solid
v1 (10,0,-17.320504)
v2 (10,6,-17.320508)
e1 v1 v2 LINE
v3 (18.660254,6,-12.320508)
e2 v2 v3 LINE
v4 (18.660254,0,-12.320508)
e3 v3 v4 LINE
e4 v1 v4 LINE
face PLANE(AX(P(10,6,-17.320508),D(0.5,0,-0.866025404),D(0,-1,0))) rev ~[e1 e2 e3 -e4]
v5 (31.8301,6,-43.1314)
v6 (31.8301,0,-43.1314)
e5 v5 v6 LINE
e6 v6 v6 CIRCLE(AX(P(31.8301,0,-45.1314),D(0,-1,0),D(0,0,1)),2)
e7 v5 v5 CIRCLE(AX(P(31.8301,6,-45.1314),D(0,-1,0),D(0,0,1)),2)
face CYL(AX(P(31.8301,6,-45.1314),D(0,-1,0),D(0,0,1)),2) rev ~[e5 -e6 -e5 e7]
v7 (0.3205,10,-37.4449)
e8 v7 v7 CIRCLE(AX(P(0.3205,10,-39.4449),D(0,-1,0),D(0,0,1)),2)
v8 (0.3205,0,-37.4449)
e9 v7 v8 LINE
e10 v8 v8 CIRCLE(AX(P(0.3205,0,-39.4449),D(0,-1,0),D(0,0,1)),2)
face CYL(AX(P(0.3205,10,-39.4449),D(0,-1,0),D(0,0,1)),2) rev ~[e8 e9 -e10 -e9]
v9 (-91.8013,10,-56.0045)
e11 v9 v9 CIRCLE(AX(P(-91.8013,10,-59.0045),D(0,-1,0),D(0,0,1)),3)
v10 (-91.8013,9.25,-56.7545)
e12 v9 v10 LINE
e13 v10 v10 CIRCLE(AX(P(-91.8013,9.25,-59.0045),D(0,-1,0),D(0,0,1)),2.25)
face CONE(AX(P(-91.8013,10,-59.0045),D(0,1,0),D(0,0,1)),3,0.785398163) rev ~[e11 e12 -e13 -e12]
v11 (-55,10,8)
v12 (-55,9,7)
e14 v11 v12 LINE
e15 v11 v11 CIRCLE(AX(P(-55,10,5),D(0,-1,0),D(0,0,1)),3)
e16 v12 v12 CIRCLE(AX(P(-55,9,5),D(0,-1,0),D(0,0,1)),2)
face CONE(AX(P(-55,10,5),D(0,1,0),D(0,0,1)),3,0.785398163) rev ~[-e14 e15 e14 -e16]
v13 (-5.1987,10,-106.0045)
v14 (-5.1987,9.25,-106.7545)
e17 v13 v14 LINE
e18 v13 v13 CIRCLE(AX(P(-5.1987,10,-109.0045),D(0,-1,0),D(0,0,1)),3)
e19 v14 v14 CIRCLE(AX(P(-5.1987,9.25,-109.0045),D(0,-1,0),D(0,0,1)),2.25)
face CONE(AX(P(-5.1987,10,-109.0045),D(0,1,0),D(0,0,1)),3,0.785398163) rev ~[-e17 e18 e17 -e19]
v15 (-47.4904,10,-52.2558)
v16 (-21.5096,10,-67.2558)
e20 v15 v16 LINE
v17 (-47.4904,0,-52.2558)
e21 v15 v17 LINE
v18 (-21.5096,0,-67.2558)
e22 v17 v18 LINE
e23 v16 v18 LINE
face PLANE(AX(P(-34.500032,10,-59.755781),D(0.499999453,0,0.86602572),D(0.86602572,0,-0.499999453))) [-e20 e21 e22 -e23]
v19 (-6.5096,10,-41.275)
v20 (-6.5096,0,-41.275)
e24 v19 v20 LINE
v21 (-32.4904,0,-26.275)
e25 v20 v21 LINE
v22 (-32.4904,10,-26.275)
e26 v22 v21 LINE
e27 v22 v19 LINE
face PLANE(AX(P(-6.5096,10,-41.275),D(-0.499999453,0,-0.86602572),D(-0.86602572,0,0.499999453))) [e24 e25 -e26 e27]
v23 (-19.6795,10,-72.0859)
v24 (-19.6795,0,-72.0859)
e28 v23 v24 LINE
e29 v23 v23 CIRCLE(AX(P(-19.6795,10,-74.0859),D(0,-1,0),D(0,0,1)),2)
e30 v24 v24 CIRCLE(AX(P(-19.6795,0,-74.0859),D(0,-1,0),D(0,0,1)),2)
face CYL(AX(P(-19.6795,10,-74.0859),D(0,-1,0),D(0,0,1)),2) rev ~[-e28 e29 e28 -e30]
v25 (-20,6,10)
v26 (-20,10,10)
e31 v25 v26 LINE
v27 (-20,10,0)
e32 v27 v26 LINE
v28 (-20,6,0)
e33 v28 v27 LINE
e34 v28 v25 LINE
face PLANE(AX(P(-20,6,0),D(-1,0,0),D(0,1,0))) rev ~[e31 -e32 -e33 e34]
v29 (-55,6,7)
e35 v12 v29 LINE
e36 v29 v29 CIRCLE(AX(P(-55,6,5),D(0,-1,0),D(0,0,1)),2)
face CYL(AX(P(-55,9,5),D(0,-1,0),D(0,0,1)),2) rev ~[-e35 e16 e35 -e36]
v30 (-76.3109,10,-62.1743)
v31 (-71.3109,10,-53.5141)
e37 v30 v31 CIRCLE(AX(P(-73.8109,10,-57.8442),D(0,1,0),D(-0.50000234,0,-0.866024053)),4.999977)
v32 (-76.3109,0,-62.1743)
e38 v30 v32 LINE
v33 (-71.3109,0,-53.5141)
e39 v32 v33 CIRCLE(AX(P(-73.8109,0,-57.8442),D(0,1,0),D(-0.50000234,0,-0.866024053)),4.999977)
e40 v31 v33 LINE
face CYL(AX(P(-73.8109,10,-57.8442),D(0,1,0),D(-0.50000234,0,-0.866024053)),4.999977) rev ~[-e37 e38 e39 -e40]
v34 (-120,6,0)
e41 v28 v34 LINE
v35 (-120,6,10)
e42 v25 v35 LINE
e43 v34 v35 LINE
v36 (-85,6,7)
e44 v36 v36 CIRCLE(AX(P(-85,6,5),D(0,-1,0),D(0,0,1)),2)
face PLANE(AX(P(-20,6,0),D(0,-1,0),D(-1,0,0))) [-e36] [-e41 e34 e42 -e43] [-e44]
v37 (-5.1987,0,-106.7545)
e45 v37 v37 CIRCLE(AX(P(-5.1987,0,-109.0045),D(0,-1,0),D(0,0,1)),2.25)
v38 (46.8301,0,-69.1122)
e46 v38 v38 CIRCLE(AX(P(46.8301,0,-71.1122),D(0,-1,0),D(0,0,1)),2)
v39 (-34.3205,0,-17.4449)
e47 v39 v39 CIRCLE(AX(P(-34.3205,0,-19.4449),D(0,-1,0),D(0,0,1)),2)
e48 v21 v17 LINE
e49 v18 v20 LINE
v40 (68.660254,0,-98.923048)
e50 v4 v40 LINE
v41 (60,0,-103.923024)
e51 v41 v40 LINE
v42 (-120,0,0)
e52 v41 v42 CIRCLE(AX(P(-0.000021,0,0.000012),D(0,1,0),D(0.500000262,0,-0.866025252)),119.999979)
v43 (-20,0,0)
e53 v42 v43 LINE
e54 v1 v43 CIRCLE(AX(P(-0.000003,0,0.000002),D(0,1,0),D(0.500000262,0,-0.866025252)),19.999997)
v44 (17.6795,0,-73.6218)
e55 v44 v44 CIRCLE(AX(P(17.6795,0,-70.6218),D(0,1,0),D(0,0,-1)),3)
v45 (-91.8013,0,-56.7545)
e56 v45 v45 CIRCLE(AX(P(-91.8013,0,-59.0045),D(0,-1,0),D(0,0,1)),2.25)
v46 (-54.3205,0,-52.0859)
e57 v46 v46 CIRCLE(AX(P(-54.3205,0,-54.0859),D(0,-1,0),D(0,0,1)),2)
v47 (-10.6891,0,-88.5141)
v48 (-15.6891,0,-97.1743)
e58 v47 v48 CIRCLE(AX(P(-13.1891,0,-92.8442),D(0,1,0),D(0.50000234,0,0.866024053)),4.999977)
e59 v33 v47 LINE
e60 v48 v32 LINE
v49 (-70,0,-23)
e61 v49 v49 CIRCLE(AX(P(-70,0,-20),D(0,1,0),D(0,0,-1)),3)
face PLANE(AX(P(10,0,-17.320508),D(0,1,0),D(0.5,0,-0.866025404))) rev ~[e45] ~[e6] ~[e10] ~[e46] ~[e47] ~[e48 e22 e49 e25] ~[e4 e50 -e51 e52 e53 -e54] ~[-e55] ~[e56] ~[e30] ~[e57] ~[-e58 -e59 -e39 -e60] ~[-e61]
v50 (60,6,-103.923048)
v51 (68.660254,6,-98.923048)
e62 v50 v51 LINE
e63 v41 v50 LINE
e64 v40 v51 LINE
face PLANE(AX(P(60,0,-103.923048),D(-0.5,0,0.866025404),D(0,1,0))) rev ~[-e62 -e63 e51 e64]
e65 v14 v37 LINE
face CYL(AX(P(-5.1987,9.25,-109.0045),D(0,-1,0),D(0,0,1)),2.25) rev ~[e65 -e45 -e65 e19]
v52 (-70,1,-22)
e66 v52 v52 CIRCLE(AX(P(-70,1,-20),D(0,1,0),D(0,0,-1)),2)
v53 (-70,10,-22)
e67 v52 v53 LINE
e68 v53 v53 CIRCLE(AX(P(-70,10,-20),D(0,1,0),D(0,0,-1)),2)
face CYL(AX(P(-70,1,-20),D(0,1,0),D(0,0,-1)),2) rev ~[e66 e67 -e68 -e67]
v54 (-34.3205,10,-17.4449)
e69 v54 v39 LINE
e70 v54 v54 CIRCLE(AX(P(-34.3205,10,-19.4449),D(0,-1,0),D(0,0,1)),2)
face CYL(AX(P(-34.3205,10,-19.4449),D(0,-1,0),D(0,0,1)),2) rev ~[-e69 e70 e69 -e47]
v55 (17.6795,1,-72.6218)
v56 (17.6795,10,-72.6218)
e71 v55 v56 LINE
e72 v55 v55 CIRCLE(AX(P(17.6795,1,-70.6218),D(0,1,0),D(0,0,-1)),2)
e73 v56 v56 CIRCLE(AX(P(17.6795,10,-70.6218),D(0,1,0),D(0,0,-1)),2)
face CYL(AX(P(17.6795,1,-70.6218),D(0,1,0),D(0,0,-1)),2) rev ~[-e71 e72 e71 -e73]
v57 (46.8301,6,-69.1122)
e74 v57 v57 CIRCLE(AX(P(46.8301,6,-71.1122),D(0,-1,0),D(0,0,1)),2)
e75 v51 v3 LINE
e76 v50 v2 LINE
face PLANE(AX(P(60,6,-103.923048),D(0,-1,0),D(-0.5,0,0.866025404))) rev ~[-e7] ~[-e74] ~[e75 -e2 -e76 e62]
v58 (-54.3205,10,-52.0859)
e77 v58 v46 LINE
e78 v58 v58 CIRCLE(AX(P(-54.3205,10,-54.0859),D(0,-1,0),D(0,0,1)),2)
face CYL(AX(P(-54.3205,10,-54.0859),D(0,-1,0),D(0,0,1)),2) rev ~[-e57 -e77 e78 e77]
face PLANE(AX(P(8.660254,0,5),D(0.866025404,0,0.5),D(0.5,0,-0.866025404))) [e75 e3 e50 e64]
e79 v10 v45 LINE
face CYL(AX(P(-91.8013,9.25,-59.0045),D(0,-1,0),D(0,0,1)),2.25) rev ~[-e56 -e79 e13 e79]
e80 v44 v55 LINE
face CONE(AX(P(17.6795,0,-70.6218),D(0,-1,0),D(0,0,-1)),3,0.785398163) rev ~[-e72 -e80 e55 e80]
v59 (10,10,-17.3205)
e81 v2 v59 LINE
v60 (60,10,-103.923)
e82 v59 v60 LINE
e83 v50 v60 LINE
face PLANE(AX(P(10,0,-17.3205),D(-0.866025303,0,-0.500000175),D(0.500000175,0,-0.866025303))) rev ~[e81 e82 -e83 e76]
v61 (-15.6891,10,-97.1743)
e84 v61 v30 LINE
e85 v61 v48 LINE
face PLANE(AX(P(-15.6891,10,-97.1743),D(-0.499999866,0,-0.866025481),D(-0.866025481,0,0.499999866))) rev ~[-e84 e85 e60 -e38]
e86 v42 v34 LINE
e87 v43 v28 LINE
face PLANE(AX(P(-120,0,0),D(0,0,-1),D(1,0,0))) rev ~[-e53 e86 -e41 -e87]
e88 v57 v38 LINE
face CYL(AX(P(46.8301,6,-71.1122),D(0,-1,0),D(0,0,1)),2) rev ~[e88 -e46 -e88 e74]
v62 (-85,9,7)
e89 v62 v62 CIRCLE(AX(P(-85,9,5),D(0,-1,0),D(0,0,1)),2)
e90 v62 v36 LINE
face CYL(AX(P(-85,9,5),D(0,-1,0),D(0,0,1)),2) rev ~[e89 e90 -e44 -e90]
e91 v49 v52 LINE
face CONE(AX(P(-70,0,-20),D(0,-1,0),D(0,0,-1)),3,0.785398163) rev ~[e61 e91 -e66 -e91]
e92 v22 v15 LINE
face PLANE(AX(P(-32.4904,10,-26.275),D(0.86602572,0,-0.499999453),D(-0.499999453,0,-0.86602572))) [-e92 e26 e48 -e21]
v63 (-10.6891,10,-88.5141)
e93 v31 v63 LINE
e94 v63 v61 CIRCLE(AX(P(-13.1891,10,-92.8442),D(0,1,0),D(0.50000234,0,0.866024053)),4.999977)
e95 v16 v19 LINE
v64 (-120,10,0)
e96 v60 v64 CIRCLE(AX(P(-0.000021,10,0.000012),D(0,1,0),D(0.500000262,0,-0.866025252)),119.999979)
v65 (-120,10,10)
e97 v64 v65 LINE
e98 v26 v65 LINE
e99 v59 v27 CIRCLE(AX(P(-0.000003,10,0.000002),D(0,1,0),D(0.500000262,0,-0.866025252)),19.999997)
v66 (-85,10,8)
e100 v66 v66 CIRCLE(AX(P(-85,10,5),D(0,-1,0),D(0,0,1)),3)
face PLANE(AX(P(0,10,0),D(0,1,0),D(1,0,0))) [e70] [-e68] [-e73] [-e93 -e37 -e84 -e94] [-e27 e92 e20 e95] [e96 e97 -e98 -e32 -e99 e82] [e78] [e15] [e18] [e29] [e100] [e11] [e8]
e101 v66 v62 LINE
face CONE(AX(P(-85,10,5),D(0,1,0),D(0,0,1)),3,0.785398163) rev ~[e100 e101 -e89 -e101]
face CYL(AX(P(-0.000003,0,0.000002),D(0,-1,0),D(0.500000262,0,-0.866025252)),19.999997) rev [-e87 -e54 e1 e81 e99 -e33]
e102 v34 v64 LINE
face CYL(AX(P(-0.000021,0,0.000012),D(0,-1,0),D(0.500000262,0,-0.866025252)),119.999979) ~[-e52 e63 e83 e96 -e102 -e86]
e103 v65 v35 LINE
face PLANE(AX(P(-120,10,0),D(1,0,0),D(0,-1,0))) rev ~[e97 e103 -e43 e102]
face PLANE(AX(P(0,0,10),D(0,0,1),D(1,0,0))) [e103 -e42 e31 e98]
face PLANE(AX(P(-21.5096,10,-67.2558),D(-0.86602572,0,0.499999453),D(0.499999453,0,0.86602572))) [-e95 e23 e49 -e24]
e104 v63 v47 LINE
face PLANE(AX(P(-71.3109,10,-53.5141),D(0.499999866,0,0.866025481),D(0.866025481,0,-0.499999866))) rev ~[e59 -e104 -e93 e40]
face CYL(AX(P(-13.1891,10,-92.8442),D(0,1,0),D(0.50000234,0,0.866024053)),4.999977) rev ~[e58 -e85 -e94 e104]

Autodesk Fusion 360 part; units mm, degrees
sketch "Sketch1" plane through (0, 0, 0) normal (0, 1, 0) x (1, 0, 0)
  line L0 (-120, 0) -> (-20, 0)
  line L1 (10, 17.3205) -> (60, 103.923)
  arc A0 (60, 103.923) -> (-120, 0) centre (0, 0) ccw
  arc A1 (10, 17.3205) -> (-20, 0) centre (0, 0) ccw
  dimension "d57" = 240
  dimension "d58" = 120
  dimension "d59" = 40
extrude "Extrude3" add sketch "Sketch1" along normal blind 10
sketch "Sketch9" plane through (0, 0, 0) normal (0, 0, 1) x (1, 0, 0)
  line L0 (-120, 0) -> (-20, 0)
  line L1 (-20, 0) -> (-20, 10)
  line L2 (-20, 10) -> (-120, 10)
  line L3 (-120, 10) -> (-120, 0)
  line L4 (-120, 10) -> (-10, 10)
  line L5 (-10, 10) -> (-10, 6)
  line L6 (-10, 6) -> (-120, 6)
  line L7 (-120, 6) -> (-120, 10)
  dimension "d60" = 4
extrude "Extrude8" add sketch "Sketch9" along normal blind 10 contours L1 L2 L3 L4 L6 L7
sketch "Sketch12" plane through (0, 0, 0) normal (0.866, 0, 0.5) x (0.5, 0, -0.866)
  line L0 (20, 0) -> (120, 0)
  line L1 (120, 0) -> (120, 10)
  line L2 (120, 10) -> (20, 10)
  line L3 (20, 10) -> (20, 0)
  line L4 (20, 0) -> (130, 0)
  line L5 (130, 0) -> (130, 6)
  line L6 (130, 6) -> (20, 6)
  line L7 (20, 6) -> (20, 0)
  dimension "d63" = 6
extrude "Extrude9" add sketch "Sketch12" along normal blind 10 contours L0 L1 L3 L4 L6 L7
sketch "Sketch13" plane through (0, 10, 0) normal (0, 1, 0) x (-1, 0, 0)
  arc A0 (-60, -103.923) -> (120, 0) centre (0, 0) ccw
  arc A1 (-10, -17.3205) -> (20, 0) centre (0, 0) ccw
  line L0 (-10, -17.3205) -> (-60, -103.923)
  line L1 (120, 0) -> (120, 10)
  line L2 (120, 10) -> (20, 10)
  line L3 (20, 10) -> (20, 0)
  point P0 (85, 5)
  point P1 (55, 5)
  dimension "d178" = 30
  dimension "d179" = 35
hole "Hole1" at (-85, 10, 5) at (-55, 10, 5) direction (0, -1, 0) diameter 4 depth 4 tip angle 118 countersink diameter 6 countersink angle 90
sketch "Sketch14" plane through (0, 6, 0) normal (0, 1, 0) x (-1, 0, 0)
  line L0 (-60, -103.923) -> (-10, -17.3205)
  line L1 (-10, -17.3205) -> (-18.6603, -12.3205)
  line L2 (-18.6603, -12.3205) -> (-68.6603, -98.923)
  line L3 (-68.6603, -98.923) -> (-60, -103.923)
  line L4 (-14.3301, -14.8205) -> (-64.3301, -101.423) construction
  point P0 (-31.8301, -45.1314)
  point P1 (-46.8301, -71.1122)
  dimension "d75" = 35
  dimension "d76" = 35
hole "Hole2" at (31.8301, 6, -45.1314) at (46.8301, 6, -71.1122) direction (0, -1, 0) diameter 4 depth 15 tip angle 118
sketch "Sketch15" plane through (0, 10, 0) normal (0, 1, 0) x (-1, 0, 0)
  arc A0 (-60, -103.923) -> (120, 0) centre (0, 0) ccw
  arc A1 (-10, -17.3205) -> (20, 0) centre (0, 0) ccw
  line L0 (-10, -17.3205) -> (-60, -103.923)
  line L1 (0, 0) -> (60, -103.923) construction
  line L2 (20, 0) -> (120, 0)
  line L3 (56.6506, -48.1218) -> (13.3494, -73.1218) construction
  line L4 (57.1962, -87.0666) -> (46.8038, -93.0666) construction
  circle A2 centre (85, 5) radius 3
  circle A3 centre (55, 5) radius 3
  line L5 (120, 0) -> (120, 10)
  line L6 (120, 10) -> (20, 10)
  line L7 (20, 10) -> (20, 0)
  dimension "d80" = 60
  dimension "d81" = 50
  dimension "d82" = 25
  dimension "d83" = 50
  dimension "d95" = 6
  dimension "d96" = 12
  dimension "d97" = 34
sketch "Sketch16" plane through (0, 10, 0) normal (0, 1, 0) x (-1, 0, 0)
  line L0 (120, 0) -> (120, 10)
  line L1 (20, 0) -> (20, 10)
  line L2 (-10, -17.3205) -> (-18.6603, -12.3205)
  line L3 (-60, -103.923) -> (-68.6603, -98.923)
  line L4 (120, 5) -> (20, 5) construction
  line L5 (-14.3301, -14.8205) -> (-64.3301, -101.423) construction
  line L6 (-11.0289, -109.1025) -> (-97.6314, -59.1025) construction
  line L7 (100, -45) -> (100, 55) construction
  dimension "d98" = 100
  dimension "d99" = 50
  dimension "d100" = 20
  dimension "d101" = 20
  dimension "d102" = 100
  dimension "d103" = 50
sketch "Sketch17" plane through (0, 0, 0) normal (0, -1, 0) x (1, 0, 0)
  circle A0 centre (31.8301, -45.1314) radius 2
  circle A1 centre (46.8301, -71.1122) radius 2
  arc A2 (-120, 0) -> (60, -103.923) centre (0, 0) ccw
  line L0 (60, -103.923) -> (68.6603, -98.923)
  line L1 (68.6603, -98.923) -> (18.6603, -12.3205)
  line L2 (18.6603, -12.3205) -> (10, -17.3205)
  arc A3 (-20, 0) -> (10, -17.3205) centre (0, 0) ccw
  line L3 (-20, 0) -> (-120, 0)
sketch "Sketch18" plane through (0, 0, 0) normal (0, -1, 0) x (1, 0, 0)
  point P0 (-100, -45)
  point P1 (11.0289, -109.1025)
  point P2 (-100, -45)
  point P3 (11.0289, -109.1025)
sketch "Sketch23" plane through (0, 10, 0) normal (0, 1, 0) x (-1, 0, 0)
  arc A0 (-60, -103.923) -> (120, 0) centre (0, 0) ccw
  arc A1 (-10, -17.3205) -> (20, 0) centre (0, 0) ccw
  line L0 (0, 0) -> (60, -103.923) construction
  line L1 (91.8013, -59.0045) -> (5.1987, -109.0045) construction
  line L2 (15.6891, -97.1743) -> (76.3109, -62.1743)
  arc A2 (76.3109, -62.1743) -> (71.3109, -53.5141) centre (73.8109, -57.8442) ccw
  line L3 (71.3109, -53.5141) -> (10.6891, -88.5141)
  arc A3 (10.6891, -88.5141) -> (15.6891, -97.1743) centre (13.1891, -92.8442) ccw
  line L4 (13.1891, -92.8442) -> (73.8109, -57.8442) construction
  circle A4 centre (85, 5) radius 3
  circle A5 centre (55, 5) radius 3
  line L5 (120, 0) -> (120, 10)
  line L6 (120, 10) -> (20, 10)
  line L7 (20, 10) -> (20, 0)
  dimension "d147" = 35
  dimension "d148" = 70
  dimension "d149" = 5
  dimension "d150" = 82
  dimension "d184" = 100
  dimension "d185" = 50
  dimension "d186" = 97
  dimension "d187" = 109.1284
hole "Hole5" at (-91.8013, 10, -59.0045) at (-5.1987, 10, -109.0045) direction (0, -1, 0) diameter 4.5 depth 42.794 tip angle 180 countersink diameter 6 countersink angle 90
extrude "Extrude15" cut sketch "Sketch23" against normal blind 150 contours L2 A2 L3 A3
sketch "Sketch24" plane through (0, 0, 0) normal (0, -1, 0) x (1, 0, 0)
  line L0 (-15.6891, -97.1743) -> (-76.3109, -62.1743)
  arc A0 (-71.3109, -53.5141) -> (-76.3109, -62.1743) centre (-73.8109, -57.8442) ccw
  line L1 (-71.3109, -53.5141) -> (-10.6891, -88.5141)
  arc A1 (-15.6891, -97.1743) -> (-10.6891, -88.5141) centre (-13.1891, -92.8442) ccw
  circle A2 centre (-91.8013, -59.0045) radius 2.25
  circle A3 centre (-5.1987, -109.0045) radius 2.25
  circle A4 centre (31.8301, -45.1314) radius 2
  circle A5 centre (46.8301, -71.1122) radius 2
  arc A6 (-120, 0) -> (60, -103.923) centre (0, 0) ccw
  line L2 (60, -103.923) -> (68.6603, -98.923)
  line L3 (68.6603, -98.923) -> (18.6603, -12.3205)
  line L4 (18.6603, -12.3205) -> (10, -17.3205)
  arc A7 (-20, 0) -> (10, -17.3205) centre (0, 0) ccw
  line L5 (-20, 0) -> (-120, 0)
  line L6 (10, -17.3205) -> (60, -103.923) construction
  line L7 (0, 0) -> (-70, 0) construction
  line L8 (0, 0) -> (35, -60.6218) construction
  line L9 (35, -60.6218) -> (17.6795, -70.6218) construction
  line L10 (-70, 0) -> (-70, -20) construction
  dimension "d153" = 70
  dimension "d154" = 70
  dimension "d155" = 20
  dimension "d161" = 20
hole "Hole6" at (17.6795, 0, -70.6218) at (-70, 0, -20) direction (0, 1, 0) diameter 4 depth 42.794 tip angle 180 countersink diameter 6 countersink angle 90
sketch "Sketch25" plane through (0, 10, 0) normal (0, 1, 0) x (-1, 0, 0)
  circle A0 centre (-17.6795, -70.6218) radius 2
  circle A1 centre (70, -20) radius 2
  line L0 (76.3109, -62.1743) -> (15.6891, -97.1743)
  arc A2 (10.6891, -88.5141) -> (15.6891, -97.1743) centre (13.1891, -92.8442) ccw
  line L1 (10.6891, -88.5141) -> (71.3109, -53.5141)
  arc A3 (76.3109, -62.1743) -> (71.3109, -53.5141) centre (73.8109, -57.8442) ccw
  circle A4 centre (91.8013, -59.0045) radius 3
  circle A5 centre (5.1987, -109.0045) radius 3
  circle A6 centre (85, 5) radius 3
  circle A7 centre (55, 5) radius 3
  arc A8 (-60, -103.923) -> (120, 0) centre (0, 0) ccw
  line L2 (120, 0) -> (120, 10)
  line L3 (120, 10) -> (20, 10)
  line L4 (20, 10) -> (20, 0)
  arc A9 (-10, -17.3205) -> (20, 0) centre (0, 0) ccw
  line L5 (-10, -17.3205) -> (-60, -103.923)
  line L6 (54.3205, -54.0859) -> (19.6795, -74.0859) construction
  line L7 (19.6795, -74.0859) -> (-0.3205, -39.4449) construction
  line L8 (-0.3205, -39.4449) -> (34.3205, -19.4449) construction
  line L9 (34.3205, -19.4449) -> (54.3205, -54.0859) construction
  line L10 (0, 0) -> (60, -103.923)
  line L11 (71.3109, -53.5141) -> (10.6891, -88.5141)
  line L12 (47.4904, -52.2558) -> (21.5096, -67.2558)
  line L13 (21.5096, -67.2558) -> (6.5096, -41.275)
  line L14 (6.5096, -41.275) -> (32.4904, -26.275)
  line L15 (32.4904, -26.275) -> (47.4904, -52.2558)
  point P0 (54.3205, -54.0859)
  point P1 (34.3205, -19.4449)
  point P2 (-0.3205, -39.4449)
  point P3 (19.6795, -74.0859)
  dimension "d162" = 40
  dimension "d163" = 40
  dimension "d164" = 20
  dimension "d165" = 8
  dimension "d169" = 5
  dimension "d170" = 5
  dimension "d172" = 5
  dimension "d173" = 5
hole "Hole7" at (-54.3205, 10, -54.0859) at (-34.3205, 10, -19.4449) at (0.3205, 10, -39.4449) at (-19.6795, 10, -74.0859) direction (0, -1, 0) diameter 4 depth 20 tip angle 118
extrude "Extrude16" cut sketch "Sketch25" against normal blind 40 contours L10 L12 L13 L14 | L10 L12 L14 L15
equation "d82 = d81 / 2"
equation "d96 = d95 * 2"
equation "d99 = d98 / 2"
equation "d101 = d100"
equation "d102 = d98"
equation "d103 = d99"
equation "d148 = d147 * 2"
equation "d164 = d163 / 2"
equation "d185 = d184 / 2"
